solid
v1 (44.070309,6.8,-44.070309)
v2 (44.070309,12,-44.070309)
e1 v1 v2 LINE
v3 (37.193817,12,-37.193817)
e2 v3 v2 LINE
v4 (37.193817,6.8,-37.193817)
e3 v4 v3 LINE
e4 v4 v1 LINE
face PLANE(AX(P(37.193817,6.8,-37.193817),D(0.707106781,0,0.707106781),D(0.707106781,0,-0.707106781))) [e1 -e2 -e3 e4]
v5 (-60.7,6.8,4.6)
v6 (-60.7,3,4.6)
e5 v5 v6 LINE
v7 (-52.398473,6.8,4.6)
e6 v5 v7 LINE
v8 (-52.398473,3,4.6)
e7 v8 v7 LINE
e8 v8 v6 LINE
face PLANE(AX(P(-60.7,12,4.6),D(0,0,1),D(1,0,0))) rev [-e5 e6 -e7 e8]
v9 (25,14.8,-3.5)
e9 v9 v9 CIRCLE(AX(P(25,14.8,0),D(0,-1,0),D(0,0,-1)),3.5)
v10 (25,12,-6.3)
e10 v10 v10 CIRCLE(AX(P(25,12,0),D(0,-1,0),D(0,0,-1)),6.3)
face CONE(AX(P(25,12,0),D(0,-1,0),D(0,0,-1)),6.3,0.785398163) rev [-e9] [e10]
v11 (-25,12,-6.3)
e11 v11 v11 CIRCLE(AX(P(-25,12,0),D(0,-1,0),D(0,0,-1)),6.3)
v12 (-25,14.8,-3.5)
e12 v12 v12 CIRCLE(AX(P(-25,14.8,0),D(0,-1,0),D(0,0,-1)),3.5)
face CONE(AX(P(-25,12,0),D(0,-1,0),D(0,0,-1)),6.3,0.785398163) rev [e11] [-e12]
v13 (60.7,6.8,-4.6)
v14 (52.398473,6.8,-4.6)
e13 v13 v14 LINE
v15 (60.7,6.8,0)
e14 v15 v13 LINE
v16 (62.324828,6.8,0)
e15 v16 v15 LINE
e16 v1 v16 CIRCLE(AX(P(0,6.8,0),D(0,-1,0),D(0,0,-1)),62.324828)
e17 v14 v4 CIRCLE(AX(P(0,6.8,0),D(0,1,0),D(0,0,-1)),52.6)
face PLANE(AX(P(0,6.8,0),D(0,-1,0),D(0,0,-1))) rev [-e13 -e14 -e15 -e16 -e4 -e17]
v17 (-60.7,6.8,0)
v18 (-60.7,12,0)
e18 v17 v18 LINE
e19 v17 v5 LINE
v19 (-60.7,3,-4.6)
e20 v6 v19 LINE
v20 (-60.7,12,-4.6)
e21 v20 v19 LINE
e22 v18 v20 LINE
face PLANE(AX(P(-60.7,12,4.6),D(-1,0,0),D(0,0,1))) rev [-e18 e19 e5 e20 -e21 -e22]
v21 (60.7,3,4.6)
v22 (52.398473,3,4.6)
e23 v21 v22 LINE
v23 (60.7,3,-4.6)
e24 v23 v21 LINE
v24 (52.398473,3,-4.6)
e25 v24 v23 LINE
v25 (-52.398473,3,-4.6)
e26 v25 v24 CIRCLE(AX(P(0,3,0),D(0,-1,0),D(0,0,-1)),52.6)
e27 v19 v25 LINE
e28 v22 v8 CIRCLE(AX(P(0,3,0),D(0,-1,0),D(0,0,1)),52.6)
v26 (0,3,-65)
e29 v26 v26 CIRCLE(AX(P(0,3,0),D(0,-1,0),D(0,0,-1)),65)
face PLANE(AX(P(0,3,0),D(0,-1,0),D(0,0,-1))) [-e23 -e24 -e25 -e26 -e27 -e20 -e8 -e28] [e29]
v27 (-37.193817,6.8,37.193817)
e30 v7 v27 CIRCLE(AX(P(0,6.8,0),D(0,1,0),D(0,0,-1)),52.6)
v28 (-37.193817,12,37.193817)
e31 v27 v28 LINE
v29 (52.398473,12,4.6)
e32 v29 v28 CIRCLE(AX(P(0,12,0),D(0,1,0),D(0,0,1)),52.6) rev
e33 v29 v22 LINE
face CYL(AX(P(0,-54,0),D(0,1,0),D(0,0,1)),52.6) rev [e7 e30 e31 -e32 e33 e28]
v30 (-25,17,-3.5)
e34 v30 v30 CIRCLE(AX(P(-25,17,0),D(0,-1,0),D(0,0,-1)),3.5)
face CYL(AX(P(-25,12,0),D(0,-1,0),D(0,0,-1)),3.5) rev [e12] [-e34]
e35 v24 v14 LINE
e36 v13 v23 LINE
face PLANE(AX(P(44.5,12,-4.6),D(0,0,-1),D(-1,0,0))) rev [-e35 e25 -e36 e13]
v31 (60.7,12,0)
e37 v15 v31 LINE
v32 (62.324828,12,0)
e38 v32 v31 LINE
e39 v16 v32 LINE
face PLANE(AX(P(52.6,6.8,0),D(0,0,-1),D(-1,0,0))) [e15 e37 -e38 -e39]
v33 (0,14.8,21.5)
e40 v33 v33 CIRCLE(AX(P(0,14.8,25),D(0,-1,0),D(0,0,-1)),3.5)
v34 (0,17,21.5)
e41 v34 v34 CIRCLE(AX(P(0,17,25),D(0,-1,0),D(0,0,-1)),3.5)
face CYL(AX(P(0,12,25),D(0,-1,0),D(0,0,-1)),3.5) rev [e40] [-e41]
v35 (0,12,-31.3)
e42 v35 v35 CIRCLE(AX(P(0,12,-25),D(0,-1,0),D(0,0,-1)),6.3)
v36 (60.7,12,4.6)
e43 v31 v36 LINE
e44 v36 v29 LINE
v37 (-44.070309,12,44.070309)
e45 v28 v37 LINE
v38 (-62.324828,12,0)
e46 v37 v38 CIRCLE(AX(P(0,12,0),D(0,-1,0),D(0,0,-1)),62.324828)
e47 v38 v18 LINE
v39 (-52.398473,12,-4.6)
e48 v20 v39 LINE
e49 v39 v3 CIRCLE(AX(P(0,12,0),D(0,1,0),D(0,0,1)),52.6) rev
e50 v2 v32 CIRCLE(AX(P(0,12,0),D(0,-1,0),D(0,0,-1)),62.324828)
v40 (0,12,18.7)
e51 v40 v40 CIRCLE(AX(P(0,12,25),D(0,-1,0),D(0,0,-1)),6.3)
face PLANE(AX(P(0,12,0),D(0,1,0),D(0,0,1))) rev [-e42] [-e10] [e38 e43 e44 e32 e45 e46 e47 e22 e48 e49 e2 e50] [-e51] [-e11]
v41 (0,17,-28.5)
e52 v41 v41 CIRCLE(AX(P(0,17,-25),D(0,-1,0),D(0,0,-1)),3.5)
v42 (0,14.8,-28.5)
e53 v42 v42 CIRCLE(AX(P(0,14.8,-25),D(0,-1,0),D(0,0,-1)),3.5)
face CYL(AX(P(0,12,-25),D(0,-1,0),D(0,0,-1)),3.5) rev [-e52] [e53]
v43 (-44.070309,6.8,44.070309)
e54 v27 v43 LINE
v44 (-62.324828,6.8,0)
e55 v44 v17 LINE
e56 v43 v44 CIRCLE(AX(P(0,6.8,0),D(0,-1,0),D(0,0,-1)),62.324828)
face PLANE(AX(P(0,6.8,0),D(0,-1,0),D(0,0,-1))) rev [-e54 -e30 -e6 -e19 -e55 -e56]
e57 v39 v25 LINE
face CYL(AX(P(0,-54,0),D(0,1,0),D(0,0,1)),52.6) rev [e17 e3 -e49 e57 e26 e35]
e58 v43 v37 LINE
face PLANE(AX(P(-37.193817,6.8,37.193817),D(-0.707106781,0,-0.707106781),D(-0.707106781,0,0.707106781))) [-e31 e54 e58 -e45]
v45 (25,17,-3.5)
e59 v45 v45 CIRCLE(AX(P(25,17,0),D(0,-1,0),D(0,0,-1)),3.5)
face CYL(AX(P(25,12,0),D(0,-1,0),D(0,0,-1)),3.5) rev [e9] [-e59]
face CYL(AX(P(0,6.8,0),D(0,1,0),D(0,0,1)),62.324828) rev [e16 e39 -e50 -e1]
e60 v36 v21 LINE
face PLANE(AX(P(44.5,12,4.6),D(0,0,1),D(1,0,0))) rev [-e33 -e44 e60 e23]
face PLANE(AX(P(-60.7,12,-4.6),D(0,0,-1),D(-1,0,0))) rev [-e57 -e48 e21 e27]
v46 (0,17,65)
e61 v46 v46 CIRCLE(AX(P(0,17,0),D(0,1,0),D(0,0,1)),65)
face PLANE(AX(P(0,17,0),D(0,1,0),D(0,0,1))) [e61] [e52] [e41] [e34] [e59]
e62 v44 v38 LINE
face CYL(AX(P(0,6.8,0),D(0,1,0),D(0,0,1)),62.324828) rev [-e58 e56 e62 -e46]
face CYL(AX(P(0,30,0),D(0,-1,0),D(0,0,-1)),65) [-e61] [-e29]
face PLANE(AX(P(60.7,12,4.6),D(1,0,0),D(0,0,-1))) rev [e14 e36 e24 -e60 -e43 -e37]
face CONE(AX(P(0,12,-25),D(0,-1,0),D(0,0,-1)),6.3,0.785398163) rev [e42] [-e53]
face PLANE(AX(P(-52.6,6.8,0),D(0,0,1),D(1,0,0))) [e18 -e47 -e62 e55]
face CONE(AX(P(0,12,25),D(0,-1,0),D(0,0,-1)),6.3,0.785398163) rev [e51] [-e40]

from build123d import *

# Parameters (mm, degrees)
SKETCH1_R                                    = 65
BOSS_EXTRUDE2_DEPTH                          = 30
SKETCH2_R                                    = 52.6
CUT_EXTRUDE1_DEPTH                           = 84
SKETCH4_R                                    = 52.6
BOSS_EXTRUDE3_DEPTH                          = 5
SKETCH5_W                                    = 16.2
SKETCH5_H                                    = 9.2
CUT_EXTRUDE2_DEPTH                           = 12
CUT_EXTRUDE3_DEPTH                           = 5.2
M6_CLEARANCE_HOLE1_D                         = 7
CUT_EXTRUDE4_START                           = -18
SKETCH11_R                                   = 65
CUT_EXTRUDE4_DEPTH                           = 18
SKETCH12_R                                   = 65
BOSS_EXTRUDE4_DEPTH                          = 5
CSK_FOR_M6_COUNTERSUNK_FLAT_HEAD_SCR_2_COUNT = 2
CSK_FOR_M6_COUNTERSUNK_FLAT_HEAD_SCR_2_PITCH = 35.355339059
CSK_FOR_M6_COUNTERSUNK_FLAT_HEAD_SCR_3_COUNT = 2
CSK_FOR_M6_COUNTERSUNK_FLAT_HEAD_SCR_3_PITCH = 50
CSK_FOR_M6_COUNTERSUNK_FLAT_HEAD_SCR_4_COUNT = 2
CSK_FOR_M6_COUNTERSUNK_FLAT_HEAD_SCR_4_PITCH = 50
CSK_FOR_M6_COUNTERSUNK_FLAT_HEAD_SCR_5_COUNT = 2
CSK_FOR_M6_COUNTERSUNK_FLAT_HEAD_SCR_5_PITCH = 35.355339059
CSK_FOR_M6_COUNTERSUNK_FLAT_HEAD_SCR_6_COUNT = 2
CSK_FOR_M6_COUNTERSUNK_FLAT_HEAD_SCR_6_PITCH = 35.355339059
CUT_EXTRUDE5_START                           = -3
SKETCH22_R                                   = 65
CUT_EXTRUDE5_DEPTH                           = 3


with BuildPart() as part:
    # Sketch1 → Boss-Extrude2 (new body)
    with BuildSketch(Plane(origin=(0, 0, 0), x_dir=(1, 0, 0), z_dir=(0, 1, 0))):
        with Locations(Location((0, 0, 0), (0, 0, 270))):
            Circle(SKETCH1_R)
    extrude(amount=BOSS_EXTRUDE2_DEPTH)

    # Sketch2 → Cut-Extrude1 (cut)
    with BuildSketch(Plane(origin=(0, 30, 0), x_dir=(1, 0, 0), z_dir=(0, 1, 0))):
        with Locations(Location((0, 0, 0), (0, 0, 270))):
            Circle(SKETCH2_R)
    extrude(amount=-CUT_EXTRUDE1_DEPTH, mode=Mode.SUBTRACT)

    # Sketch4 → Boss-Extrude3 (add)
    with BuildSketch(Plane(origin=(0, 30, 0), x_dir=(1, 0, 0), z_dir=(0, 1, 0))):
        with Locations(Location((0, 0, 0), (0, 0, 270))):
            Circle(SKETCH4_R)
    extrude(amount=-BOSS_EXTRUDE3_DEPTH)

    # Sketch5 → Cut-Extrude2 (cut)
    with BuildSketch(Plane.XZ):
        with Locations((-52.6, 0)):
            Rectangle(SKETCH5_W, SKETCH5_H)
        with Locations((52.6, 0)):
            Rectangle(SKETCH5_W, SKETCH5_H)
    extrude(amount=-CUT_EXTRUDE2_DEPTH, mode=Mode.SUBTRACT)

    # Sketch7 → Cut-Extrude3 (cut)
    with BuildSketch(Plane.XZ.offset(-12)):
        with BuildLine():
            Line((37.19381669, -37.19381669), (44.070308528, -44.070308528))
            ThreePointArc((44.070308528, -44.070308528), (57.580632973, -23.850679107), (62.324828018, 0))
            Line((62.324828018, 0), (52.6, 0))
            ThreePointArc((52.6, 0), (48.59606341, -20.129148542), (37.19381669, -37.19381669))
        make_face()
        with BuildLine():
            Line((-37.19381669, 37.19381669), (-44.070308528, 44.070308528))
            ThreePointArc((-44.070308528, 44.070308528), (-57.580632973, 23.850679107), (-62.324828018, 0))
            Line((-62.324828018, 0), (-52.6, 0))
            ThreePointArc((-52.6, 0), (-48.59606341, 20.129148542), (-37.19381669, 37.19381669))
        make_face()
    extrude(amount=CUT_EXTRUDE3_DEPTH, mode=Mode.SUBTRACT)

    # M6 Clearance Hole1 (through all)
    with Locations(Plane(origin=(0, 30, -25), x_dir=(0, 0, 1), z_dir=(0, 1, 0))):
        with Locations((0, 0), (25, -25), (25, 25), (50, 0)):
            Hole(M6_CLEARANCE_HOLE1_D / 2)

    # Sketch11 → Cut-Extrude4 (cut)
    with BuildSketch(Plane(origin=(0, 30, 0), x_dir=(1, 0, 0), z_dir=(0, 1, 0)).offset(CUT_EXTRUDE4_START)):
        with Locations(Location((0, 0, 0), (0, 0, 270))):
            Circle(SKETCH11_R)
    extrude(amount=CUT_EXTRUDE4_DEPTH, mode=Mode.SUBTRACT)

    # Sketch12 → Boss-Extrude4 (add)
    with BuildSketch(Plane(origin=(0, 12, 0), x_dir=(1, 0, 0), z_dir=(0, 1, 0))):
        with Locations(Location((0, 0, 0), (0, 0, 270))):
            Circle(SKETCH12_R)
    extrude(amount=BOSS_EXTRUDE4_DEPTH)

    # Sketch21 → CSK for M6 Countersunk Flat Head Screw3 (revolve, cut)
    with BuildSketch(Plane(origin=(25, 12, 0), x_dir=(0, 0, -1), z_dir=(1, 0, 0))):
        Polygon((0, 0), (0, 5), (3.5, 5), (3.5, 2.8), (6.3, 0), align=None)
    csk_for_m6_countersunk_flat_head_screw3 = revolve(axis=Axis((25, 5.65, 0), (0, 1, 0)), mode=Mode.SUBTRACT)

    # CSK for M6 Countersunk Flat Head Scr 2: CSK for M6 Countersunk Flat Head Screw3 ×2
    with Locations(*[Vector(-0.7071067811865476, 0, 0.7071067811865476) * (i * CSK_FOR_M6_COUNTERSUNK_FLAT_HEAD_SCR_2_PITCH) for i in range(1, CSK_FOR_M6_COUNTERSUNK_FLAT_HEAD_SCR_2_COUNT)]):
        add(csk_for_m6_countersunk_flat_head_screw3, mode=Mode.SUBTRACT)

    # CSK for M6 Countersunk Flat Head Scr 3: CSK for M6 Countersunk Flat Head Screw3 ×2
    with Locations(*[(-i * CSK_FOR_M6_COUNTERSUNK_FLAT_HEAD_SCR_3_PITCH, 0, 0) for i in range(1, CSK_FOR_M6_COUNTERSUNK_FLAT_HEAD_SCR_3_COUNT)]):
        add(csk_for_m6_countersunk_flat_head_screw3, mode=Mode.SUBTRACT)

    # CSK for M6 Countersunk Flat Head Scr 4: CSK for M6 Countersunk Flat Head Screw3 ×2
    with Locations(*[(-i * CSK_FOR_M6_COUNTERSUNK_FLAT_HEAD_SCR_4_PITCH, 0, 0) for i in range(1, CSK_FOR_M6_COUNTERSUNK_FLAT_HEAD_SCR_4_COUNT)]):
        add(csk_for_m6_countersunk_flat_head_screw3, mode=Mode.SUBTRACT)

    # CSK for M6 Countersunk Flat Head Scr 5: CSK for M6 Countersunk Flat Head Screw3 ×2
    with Locations(*[Vector(-0.7071067811865476, 0, 0.7071067811865476) * (i * CSK_FOR_M6_COUNTERSUNK_FLAT_HEAD_SCR_5_PITCH) for i in range(1, CSK_FOR_M6_COUNTERSUNK_FLAT_HEAD_SCR_5_COUNT)]):
        add(csk_for_m6_countersunk_flat_head_screw3, mode=Mode.SUBTRACT)

    # CSK for M6 Countersunk Flat Head Scr 6: CSK for M6 Countersunk Flat Head Screw3 ×2
    with Locations(*[Vector(-0.7071067811865476, 0, -0.7071067811865476) * (i * CSK_FOR_M6_COUNTERSUNK_FLAT_HEAD_SCR_6_PITCH) for i in range(1, CSK_FOR_M6_COUNTERSUNK_FLAT_HEAD_SCR_6_COUNT)]):
        add(csk_for_m6_countersunk_flat_head_screw3, mode=Mode.SUBTRACT)

    # Sketch22 → Cut-Extrude5 (cut)
    with BuildSketch(Plane.XZ.offset(CUT_EXTRUDE5_START)):
        with Locations(Location((0, 0, 0), (0, 0, 270))):
            Circle(SKETCH22_R)
        with BuildLine():
            Line((-52.39847326, 4.6), (-60.7, 4.6))
            Line((-60.7, 4.6), (-60.7, -4.6))
            Line((-60.7, -4.6), (-52.39847326, -4.6))
            ThreePointArc((-52.39847326, -4.6), (0, -52.6), (52.39847326, -4.6))
            Line((52.39847326, -4.6), (60.7, -4.6))
            Line((60.7, -4.6), (60.7, 4.6))
            Line((60.7, 4.6), (52.39847326, 4.6))
            ThreePointArc((52.39847326, 4.6), (0, 52.6), (-52.39847326, 4.6))
        make_face(mode=Mode.SUBTRACT)
    extrude(amount=CUT_EXTRUDE5_DEPTH, mode=Mode.SUBTRACT)


solid = part.part
